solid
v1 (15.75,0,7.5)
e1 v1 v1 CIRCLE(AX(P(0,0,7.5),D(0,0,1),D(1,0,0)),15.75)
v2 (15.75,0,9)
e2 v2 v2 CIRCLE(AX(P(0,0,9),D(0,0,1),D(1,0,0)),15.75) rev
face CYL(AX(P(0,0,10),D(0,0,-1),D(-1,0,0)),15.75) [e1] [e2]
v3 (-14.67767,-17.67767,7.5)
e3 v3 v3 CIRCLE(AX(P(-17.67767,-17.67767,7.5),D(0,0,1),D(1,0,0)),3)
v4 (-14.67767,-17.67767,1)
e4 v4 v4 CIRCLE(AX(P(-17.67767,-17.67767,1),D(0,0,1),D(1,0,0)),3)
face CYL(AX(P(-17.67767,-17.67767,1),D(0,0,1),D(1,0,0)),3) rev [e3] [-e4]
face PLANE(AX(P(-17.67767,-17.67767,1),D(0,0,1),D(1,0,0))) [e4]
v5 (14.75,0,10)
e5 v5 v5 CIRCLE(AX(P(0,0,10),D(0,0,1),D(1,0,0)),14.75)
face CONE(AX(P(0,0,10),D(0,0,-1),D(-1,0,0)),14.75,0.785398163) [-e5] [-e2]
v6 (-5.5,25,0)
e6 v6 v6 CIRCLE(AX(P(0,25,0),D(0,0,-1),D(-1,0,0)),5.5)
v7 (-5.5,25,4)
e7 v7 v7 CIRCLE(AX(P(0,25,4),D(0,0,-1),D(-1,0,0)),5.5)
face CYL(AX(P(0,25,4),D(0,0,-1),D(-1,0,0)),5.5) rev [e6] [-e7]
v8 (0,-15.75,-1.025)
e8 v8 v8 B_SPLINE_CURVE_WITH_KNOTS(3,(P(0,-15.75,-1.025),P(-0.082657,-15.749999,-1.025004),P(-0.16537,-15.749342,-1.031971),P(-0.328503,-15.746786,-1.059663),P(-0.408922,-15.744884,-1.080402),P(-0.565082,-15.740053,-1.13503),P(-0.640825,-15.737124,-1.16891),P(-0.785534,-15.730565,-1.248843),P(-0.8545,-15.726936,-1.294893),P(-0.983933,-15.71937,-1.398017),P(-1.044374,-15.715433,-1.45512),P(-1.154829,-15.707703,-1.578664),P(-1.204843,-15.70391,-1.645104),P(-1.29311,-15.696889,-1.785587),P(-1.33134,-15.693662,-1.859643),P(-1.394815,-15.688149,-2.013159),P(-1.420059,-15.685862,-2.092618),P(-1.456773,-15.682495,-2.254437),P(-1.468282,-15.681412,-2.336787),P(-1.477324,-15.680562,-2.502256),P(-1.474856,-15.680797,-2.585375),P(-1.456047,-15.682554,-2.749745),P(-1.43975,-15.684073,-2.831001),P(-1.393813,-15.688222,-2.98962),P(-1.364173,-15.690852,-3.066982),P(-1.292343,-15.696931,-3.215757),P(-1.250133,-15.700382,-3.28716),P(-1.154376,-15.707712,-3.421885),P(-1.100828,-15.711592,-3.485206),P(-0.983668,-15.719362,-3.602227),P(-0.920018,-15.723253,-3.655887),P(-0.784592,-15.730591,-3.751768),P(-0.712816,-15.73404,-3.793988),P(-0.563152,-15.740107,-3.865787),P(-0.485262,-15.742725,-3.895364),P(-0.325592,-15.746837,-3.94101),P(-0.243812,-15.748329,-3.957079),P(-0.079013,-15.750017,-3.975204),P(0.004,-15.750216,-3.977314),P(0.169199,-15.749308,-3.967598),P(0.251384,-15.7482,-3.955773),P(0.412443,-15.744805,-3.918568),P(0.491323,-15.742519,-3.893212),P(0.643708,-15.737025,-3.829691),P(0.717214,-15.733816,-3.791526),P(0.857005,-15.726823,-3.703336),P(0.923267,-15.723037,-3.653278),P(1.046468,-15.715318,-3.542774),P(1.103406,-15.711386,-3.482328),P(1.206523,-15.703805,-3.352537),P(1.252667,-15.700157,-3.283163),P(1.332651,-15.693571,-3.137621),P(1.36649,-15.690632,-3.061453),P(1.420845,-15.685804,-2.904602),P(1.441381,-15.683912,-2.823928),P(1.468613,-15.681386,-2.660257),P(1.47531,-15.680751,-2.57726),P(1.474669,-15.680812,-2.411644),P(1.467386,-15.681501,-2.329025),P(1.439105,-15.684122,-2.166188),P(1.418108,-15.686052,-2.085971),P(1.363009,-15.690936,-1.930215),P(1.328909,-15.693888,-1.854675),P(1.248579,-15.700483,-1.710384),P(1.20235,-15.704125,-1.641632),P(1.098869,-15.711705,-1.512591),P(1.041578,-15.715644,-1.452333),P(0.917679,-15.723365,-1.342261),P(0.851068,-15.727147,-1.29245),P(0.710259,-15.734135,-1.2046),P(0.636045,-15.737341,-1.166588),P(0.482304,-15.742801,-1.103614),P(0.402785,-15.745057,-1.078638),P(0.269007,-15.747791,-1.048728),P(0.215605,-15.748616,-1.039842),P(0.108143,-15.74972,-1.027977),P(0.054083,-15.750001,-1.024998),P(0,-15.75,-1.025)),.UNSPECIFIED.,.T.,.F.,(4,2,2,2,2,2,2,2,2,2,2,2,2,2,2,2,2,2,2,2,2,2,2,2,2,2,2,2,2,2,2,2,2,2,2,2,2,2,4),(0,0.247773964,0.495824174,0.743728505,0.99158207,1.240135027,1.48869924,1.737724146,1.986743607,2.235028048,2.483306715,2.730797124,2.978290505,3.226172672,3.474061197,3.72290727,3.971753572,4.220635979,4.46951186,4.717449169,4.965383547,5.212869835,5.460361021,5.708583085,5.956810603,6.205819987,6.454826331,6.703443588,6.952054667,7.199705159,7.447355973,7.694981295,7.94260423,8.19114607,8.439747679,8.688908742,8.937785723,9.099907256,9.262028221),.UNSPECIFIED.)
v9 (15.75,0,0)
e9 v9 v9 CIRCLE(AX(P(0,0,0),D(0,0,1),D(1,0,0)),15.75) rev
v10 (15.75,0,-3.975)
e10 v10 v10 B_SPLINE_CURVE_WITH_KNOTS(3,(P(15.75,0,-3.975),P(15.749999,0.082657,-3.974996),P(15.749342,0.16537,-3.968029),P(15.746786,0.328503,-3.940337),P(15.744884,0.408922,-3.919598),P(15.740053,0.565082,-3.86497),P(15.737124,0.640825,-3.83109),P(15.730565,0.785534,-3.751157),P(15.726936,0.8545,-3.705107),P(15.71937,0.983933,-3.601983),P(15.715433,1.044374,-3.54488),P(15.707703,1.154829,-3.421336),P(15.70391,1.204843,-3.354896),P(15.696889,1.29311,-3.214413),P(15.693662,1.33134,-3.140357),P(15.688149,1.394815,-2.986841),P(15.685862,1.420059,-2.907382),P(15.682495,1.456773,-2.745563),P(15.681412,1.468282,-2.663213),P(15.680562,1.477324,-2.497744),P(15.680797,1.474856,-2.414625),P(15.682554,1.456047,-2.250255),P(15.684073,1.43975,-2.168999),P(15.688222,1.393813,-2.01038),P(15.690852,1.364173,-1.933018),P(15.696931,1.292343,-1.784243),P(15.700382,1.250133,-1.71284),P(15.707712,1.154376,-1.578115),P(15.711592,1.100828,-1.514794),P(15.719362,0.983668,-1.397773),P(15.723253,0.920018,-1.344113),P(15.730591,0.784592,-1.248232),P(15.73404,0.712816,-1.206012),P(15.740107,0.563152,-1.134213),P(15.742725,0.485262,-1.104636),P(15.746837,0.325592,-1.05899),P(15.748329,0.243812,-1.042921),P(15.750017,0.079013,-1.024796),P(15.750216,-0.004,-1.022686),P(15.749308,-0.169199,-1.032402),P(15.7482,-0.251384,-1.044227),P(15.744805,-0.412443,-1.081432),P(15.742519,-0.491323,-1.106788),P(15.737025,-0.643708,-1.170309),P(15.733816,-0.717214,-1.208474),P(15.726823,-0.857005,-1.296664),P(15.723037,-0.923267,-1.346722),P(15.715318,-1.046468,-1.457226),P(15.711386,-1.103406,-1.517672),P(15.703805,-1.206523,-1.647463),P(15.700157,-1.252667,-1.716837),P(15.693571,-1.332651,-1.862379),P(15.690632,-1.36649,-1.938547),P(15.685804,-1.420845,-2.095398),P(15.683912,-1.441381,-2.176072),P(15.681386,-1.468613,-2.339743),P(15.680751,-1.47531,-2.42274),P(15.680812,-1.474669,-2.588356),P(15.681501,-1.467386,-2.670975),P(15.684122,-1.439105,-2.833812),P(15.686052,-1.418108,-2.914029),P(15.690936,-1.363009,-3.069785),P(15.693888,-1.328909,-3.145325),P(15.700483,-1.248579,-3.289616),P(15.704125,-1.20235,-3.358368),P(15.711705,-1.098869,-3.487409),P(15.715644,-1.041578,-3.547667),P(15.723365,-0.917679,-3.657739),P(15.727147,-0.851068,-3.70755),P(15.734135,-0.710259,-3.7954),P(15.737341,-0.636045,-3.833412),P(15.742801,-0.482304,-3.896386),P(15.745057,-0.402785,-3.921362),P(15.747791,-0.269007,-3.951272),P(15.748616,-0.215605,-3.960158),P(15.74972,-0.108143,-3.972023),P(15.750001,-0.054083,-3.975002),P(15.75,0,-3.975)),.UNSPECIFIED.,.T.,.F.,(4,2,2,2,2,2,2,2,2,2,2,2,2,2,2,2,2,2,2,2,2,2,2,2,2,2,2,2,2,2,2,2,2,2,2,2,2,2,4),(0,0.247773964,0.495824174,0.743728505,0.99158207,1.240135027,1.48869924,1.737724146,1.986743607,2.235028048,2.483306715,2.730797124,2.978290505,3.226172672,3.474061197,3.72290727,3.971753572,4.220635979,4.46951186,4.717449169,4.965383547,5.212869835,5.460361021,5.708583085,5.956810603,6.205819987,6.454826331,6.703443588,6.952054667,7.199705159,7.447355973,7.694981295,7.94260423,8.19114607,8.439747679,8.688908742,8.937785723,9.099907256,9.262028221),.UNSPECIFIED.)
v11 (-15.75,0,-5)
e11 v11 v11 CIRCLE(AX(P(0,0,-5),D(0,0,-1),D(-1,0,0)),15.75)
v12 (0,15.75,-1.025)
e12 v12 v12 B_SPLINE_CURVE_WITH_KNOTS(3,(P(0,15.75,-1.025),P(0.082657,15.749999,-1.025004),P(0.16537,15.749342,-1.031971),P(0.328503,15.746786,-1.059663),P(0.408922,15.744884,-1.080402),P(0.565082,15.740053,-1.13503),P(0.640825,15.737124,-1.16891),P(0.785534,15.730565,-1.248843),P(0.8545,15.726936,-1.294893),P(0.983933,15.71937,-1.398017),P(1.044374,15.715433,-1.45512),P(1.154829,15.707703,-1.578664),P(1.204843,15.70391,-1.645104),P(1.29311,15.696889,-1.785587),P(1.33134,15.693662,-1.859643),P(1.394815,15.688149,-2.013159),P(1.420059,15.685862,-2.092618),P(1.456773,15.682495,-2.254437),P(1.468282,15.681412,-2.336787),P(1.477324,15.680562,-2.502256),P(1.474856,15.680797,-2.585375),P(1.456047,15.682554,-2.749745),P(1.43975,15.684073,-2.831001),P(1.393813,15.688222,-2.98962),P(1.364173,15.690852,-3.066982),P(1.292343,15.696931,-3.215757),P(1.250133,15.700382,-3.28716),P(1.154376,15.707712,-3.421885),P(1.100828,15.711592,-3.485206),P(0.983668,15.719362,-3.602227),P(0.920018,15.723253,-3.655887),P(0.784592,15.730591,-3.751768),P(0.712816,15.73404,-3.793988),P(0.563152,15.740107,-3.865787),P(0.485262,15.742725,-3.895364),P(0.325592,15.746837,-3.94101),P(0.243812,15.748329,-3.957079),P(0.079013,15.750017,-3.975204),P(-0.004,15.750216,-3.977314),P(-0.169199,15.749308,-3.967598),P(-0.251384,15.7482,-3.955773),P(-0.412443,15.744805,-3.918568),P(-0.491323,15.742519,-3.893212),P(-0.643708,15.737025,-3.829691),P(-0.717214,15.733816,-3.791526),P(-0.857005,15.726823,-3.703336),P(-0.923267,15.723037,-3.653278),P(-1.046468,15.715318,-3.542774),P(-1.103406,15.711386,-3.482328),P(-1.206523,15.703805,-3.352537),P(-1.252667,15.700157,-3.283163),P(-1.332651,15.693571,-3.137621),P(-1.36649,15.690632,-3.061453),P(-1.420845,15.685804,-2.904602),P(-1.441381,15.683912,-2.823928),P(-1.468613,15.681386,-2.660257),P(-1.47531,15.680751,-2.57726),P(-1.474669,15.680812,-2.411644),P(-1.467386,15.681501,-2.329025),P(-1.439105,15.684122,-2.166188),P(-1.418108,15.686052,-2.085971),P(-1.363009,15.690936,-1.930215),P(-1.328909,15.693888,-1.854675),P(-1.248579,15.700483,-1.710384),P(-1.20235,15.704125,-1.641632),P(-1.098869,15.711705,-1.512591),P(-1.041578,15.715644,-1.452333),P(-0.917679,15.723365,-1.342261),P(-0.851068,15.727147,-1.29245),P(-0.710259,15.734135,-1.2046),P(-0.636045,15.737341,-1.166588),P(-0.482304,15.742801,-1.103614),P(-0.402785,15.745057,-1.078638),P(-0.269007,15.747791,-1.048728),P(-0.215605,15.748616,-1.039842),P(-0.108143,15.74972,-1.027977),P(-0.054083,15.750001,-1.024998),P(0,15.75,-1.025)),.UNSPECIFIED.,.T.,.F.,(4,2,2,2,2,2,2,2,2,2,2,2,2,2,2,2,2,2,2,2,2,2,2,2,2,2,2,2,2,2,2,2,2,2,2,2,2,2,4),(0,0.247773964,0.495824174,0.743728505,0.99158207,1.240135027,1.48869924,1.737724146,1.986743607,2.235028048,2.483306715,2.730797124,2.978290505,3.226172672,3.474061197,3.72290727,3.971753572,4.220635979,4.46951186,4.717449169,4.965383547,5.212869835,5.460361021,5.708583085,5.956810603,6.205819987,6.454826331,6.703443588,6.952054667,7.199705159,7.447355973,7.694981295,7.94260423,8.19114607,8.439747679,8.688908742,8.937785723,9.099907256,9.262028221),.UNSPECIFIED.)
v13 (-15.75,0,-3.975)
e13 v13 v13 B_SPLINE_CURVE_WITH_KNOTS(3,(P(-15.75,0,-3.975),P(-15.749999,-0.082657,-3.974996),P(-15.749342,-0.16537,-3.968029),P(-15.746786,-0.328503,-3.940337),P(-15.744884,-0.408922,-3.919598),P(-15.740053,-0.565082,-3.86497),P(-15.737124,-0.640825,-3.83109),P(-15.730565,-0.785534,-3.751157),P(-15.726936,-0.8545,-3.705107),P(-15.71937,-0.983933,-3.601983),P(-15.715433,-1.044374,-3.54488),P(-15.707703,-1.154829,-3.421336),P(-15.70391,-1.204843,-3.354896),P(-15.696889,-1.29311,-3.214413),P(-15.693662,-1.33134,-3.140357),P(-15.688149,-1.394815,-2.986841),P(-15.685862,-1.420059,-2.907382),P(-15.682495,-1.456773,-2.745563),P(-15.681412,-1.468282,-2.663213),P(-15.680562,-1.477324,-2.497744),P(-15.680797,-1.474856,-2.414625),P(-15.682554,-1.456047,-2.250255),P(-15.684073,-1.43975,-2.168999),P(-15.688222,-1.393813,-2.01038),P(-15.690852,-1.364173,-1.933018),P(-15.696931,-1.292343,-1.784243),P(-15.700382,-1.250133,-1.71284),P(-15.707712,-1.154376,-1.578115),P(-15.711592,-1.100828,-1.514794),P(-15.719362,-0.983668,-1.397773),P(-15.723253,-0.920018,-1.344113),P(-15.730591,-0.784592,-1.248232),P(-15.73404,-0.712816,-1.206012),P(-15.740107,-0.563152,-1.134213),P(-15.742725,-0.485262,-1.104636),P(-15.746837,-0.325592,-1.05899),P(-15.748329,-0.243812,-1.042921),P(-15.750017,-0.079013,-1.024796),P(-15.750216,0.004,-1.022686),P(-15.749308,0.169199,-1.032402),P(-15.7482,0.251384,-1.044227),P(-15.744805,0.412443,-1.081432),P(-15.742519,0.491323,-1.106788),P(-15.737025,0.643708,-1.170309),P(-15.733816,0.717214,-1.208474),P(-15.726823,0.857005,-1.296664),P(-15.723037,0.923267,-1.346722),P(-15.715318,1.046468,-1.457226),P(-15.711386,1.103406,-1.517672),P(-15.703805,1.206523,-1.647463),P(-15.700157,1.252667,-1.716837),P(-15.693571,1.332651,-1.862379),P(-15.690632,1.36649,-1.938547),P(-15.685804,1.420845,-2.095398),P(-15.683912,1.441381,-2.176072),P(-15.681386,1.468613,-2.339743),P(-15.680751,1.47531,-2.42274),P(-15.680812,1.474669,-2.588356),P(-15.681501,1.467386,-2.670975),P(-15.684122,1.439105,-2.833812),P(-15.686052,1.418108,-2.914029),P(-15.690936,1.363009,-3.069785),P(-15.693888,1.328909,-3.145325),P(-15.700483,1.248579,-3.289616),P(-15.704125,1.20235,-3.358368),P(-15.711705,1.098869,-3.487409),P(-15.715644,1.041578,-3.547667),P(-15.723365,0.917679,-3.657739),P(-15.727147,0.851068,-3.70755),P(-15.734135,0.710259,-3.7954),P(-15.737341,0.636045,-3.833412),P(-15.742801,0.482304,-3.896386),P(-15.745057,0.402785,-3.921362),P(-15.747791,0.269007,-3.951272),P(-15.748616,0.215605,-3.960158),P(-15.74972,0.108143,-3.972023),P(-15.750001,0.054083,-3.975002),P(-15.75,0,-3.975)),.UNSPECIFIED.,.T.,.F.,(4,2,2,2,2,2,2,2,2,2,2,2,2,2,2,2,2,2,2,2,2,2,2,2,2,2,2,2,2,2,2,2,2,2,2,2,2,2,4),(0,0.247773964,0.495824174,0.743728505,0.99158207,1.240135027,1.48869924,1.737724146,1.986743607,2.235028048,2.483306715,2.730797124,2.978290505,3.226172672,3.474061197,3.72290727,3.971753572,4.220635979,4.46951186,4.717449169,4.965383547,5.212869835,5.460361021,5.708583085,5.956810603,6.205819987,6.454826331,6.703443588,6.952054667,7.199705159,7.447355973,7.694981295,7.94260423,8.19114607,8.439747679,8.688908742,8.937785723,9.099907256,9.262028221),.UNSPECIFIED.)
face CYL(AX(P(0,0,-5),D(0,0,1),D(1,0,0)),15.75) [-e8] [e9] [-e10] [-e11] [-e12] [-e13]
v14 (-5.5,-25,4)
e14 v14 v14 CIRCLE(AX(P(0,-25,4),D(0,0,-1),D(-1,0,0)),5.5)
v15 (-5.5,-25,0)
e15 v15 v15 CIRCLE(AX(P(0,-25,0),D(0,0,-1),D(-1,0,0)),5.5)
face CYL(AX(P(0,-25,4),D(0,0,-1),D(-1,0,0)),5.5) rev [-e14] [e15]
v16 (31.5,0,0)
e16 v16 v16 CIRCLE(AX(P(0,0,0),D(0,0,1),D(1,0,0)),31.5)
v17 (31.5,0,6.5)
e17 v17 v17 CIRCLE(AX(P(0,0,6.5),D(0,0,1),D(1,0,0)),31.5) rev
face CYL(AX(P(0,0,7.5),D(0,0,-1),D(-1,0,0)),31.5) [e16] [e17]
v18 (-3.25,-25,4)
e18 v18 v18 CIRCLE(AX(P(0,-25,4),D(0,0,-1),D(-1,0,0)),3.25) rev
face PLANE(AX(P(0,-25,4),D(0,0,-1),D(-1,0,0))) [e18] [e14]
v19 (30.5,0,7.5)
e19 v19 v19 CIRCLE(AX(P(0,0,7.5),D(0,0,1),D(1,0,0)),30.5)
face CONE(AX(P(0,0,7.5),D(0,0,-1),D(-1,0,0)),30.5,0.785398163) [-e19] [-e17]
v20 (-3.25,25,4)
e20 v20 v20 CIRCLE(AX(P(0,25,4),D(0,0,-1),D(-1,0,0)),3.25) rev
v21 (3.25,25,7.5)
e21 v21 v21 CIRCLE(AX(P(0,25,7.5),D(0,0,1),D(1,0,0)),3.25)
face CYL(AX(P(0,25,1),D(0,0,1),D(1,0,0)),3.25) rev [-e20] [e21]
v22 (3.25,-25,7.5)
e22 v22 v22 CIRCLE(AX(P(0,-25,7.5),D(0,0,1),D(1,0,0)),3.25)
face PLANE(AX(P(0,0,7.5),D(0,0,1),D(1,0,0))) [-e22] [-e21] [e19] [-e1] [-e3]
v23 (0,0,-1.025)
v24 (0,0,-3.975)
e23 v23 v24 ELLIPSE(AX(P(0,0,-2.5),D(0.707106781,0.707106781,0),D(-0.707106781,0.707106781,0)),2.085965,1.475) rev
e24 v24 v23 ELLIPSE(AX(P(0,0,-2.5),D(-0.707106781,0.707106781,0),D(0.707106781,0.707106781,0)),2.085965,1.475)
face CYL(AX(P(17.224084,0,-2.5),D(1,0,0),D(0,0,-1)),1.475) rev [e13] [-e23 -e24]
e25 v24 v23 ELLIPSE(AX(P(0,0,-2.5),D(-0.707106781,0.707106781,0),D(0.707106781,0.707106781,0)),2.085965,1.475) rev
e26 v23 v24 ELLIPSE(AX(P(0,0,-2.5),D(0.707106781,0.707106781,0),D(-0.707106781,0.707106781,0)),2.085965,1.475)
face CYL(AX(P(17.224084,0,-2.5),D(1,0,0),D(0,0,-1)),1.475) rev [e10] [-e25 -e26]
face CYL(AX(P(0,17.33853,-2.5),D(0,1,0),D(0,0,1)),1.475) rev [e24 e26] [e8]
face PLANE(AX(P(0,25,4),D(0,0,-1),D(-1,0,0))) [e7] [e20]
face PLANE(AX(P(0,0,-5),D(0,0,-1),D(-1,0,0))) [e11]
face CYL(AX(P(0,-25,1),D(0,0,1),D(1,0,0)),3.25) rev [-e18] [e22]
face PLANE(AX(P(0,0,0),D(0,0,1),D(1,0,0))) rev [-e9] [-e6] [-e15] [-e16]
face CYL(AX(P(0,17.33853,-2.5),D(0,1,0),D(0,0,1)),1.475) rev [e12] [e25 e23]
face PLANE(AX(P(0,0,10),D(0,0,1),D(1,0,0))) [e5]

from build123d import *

# Parameters (mm, degrees)
SKETCH_1_R          = 31.5
EXTRUDE_1_DEPTH     = 7.5
SKETCH_2_R          = 15.75
EXTRUDE_2_DEPTH     = 2.5
CHAMFER_1_SIZE      = 1
CHAMFER_2_SIZE      = 1
SKETCH_3_R          = 3.25
SKETCH_3_R_2        = 3
CUT_EXTRUDE_1_DEPTH = 6.5
SKETCH_4_R          = 5.5
CUT_EXTRUDE_2_DEPTH = 4
SKETCH_9_R          = 15.75
EXTRUDE_5_DEPTH     = 5
SKETCH_10_W         = 1.475
SKETCH_10_H         = 34.619836182
SKETCH_12_W         = 34.390944704
SKETCH_12_H         = 1.475


with BuildPart() as part:
    # 草图1 → 凸台-拉伸1 (new body)
    with BuildSketch(Plane.XY):
        Circle(SKETCH_1_R)
    extrude(amount=EXTRUDE_1_DEPTH)

    # 草图2 → 凸台-拉伸2 (add)
    with BuildSketch(Plane.XY.offset(7.5)):
        Circle(SKETCH_2_R)
    extrude(amount=EXTRUDE_2_DEPTH)

    # 倒角1
    chamfer_1_edges = [part.edges().sort_by_distance(p)[0] for p in [
        (-15.75, 0, 10),
    ]]
    chamfer(chamfer_1_edges, length=CHAMFER_1_SIZE)

    # 倒角2
    chamfer_2_edges = [part.edges().sort_by_distance(p)[0] for p in [
        (-31.5, 0, 7.5),
    ]]
    chamfer(chamfer_2_edges, length=CHAMFER_2_SIZE)

    # 草图3 → 切除-拉伸1 (cut)
    with BuildSketch(Plane.XY.offset(7.5)):
        with Locations((0, 25)):
            Circle(SKETCH_3_R)
        with Locations((0, -25)):
            Circle(SKETCH_3_R)
        with Locations((-17.67766953, -17.67766953)):
            Circle(SKETCH_3_R_2)
    extrude(amount=-CUT_EXTRUDE_1_DEPTH, mode=Mode.SUBTRACT)

    # 草图4 → 切除-拉伸2 (cut)
    with BuildSketch(Plane(origin=(0, 0, 0), x_dir=(-1, 0, 0), z_dir=(0, 0, -1))):
        with Locations((0, -25)):
            Circle(SKETCH_4_R)
        with Locations((0, 25)):
            Circle(SKETCH_4_R)
    extrude(amount=-CUT_EXTRUDE_2_DEPTH, mode=Mode.SUBTRACT)

    # 草图9 → 凸台-拉伸5 (add)
    with BuildSketch(Plane(origin=(0, 0, 0), x_dir=(-1, 0, 0), z_dir=(0, 0, -1))):
        Circle(SKETCH_9_R)
    extrude(amount=EXTRUDE_5_DEPTH)

    # 草图10 → 切除-旋转1 (revolve, cut)
    with BuildSketch(Plane(origin=(0, 0, -2.5), x_dir=(-1, 0, 0), z_dir=(0, 0, -1))):
        with Locations((0.7375, 0.028611435)):
            Rectangle(SKETCH_10_W, SKETCH_10_H)
    revolve(axis=Axis((0, 17.338529526, -2.5), (0, -1, 0)), mode=Mode.SUBTRACT)

    # 草图12 → 切除-旋转2 (revolve, cut)
    with BuildSketch(Plane(origin=(0, 0, -2.5), x_dir=(-1, 0, 0), z_dir=(0, 0, -1))):
        with Locations((-0.028611435, 0.7375)):
            Rectangle(SKETCH_12_W, SKETCH_12_H)
    revolve(axis=Axis((17.224083787, 0, -2.5), (-1, 0, 0)), mode=Mode.SUBTRACT)


solid = part.part
